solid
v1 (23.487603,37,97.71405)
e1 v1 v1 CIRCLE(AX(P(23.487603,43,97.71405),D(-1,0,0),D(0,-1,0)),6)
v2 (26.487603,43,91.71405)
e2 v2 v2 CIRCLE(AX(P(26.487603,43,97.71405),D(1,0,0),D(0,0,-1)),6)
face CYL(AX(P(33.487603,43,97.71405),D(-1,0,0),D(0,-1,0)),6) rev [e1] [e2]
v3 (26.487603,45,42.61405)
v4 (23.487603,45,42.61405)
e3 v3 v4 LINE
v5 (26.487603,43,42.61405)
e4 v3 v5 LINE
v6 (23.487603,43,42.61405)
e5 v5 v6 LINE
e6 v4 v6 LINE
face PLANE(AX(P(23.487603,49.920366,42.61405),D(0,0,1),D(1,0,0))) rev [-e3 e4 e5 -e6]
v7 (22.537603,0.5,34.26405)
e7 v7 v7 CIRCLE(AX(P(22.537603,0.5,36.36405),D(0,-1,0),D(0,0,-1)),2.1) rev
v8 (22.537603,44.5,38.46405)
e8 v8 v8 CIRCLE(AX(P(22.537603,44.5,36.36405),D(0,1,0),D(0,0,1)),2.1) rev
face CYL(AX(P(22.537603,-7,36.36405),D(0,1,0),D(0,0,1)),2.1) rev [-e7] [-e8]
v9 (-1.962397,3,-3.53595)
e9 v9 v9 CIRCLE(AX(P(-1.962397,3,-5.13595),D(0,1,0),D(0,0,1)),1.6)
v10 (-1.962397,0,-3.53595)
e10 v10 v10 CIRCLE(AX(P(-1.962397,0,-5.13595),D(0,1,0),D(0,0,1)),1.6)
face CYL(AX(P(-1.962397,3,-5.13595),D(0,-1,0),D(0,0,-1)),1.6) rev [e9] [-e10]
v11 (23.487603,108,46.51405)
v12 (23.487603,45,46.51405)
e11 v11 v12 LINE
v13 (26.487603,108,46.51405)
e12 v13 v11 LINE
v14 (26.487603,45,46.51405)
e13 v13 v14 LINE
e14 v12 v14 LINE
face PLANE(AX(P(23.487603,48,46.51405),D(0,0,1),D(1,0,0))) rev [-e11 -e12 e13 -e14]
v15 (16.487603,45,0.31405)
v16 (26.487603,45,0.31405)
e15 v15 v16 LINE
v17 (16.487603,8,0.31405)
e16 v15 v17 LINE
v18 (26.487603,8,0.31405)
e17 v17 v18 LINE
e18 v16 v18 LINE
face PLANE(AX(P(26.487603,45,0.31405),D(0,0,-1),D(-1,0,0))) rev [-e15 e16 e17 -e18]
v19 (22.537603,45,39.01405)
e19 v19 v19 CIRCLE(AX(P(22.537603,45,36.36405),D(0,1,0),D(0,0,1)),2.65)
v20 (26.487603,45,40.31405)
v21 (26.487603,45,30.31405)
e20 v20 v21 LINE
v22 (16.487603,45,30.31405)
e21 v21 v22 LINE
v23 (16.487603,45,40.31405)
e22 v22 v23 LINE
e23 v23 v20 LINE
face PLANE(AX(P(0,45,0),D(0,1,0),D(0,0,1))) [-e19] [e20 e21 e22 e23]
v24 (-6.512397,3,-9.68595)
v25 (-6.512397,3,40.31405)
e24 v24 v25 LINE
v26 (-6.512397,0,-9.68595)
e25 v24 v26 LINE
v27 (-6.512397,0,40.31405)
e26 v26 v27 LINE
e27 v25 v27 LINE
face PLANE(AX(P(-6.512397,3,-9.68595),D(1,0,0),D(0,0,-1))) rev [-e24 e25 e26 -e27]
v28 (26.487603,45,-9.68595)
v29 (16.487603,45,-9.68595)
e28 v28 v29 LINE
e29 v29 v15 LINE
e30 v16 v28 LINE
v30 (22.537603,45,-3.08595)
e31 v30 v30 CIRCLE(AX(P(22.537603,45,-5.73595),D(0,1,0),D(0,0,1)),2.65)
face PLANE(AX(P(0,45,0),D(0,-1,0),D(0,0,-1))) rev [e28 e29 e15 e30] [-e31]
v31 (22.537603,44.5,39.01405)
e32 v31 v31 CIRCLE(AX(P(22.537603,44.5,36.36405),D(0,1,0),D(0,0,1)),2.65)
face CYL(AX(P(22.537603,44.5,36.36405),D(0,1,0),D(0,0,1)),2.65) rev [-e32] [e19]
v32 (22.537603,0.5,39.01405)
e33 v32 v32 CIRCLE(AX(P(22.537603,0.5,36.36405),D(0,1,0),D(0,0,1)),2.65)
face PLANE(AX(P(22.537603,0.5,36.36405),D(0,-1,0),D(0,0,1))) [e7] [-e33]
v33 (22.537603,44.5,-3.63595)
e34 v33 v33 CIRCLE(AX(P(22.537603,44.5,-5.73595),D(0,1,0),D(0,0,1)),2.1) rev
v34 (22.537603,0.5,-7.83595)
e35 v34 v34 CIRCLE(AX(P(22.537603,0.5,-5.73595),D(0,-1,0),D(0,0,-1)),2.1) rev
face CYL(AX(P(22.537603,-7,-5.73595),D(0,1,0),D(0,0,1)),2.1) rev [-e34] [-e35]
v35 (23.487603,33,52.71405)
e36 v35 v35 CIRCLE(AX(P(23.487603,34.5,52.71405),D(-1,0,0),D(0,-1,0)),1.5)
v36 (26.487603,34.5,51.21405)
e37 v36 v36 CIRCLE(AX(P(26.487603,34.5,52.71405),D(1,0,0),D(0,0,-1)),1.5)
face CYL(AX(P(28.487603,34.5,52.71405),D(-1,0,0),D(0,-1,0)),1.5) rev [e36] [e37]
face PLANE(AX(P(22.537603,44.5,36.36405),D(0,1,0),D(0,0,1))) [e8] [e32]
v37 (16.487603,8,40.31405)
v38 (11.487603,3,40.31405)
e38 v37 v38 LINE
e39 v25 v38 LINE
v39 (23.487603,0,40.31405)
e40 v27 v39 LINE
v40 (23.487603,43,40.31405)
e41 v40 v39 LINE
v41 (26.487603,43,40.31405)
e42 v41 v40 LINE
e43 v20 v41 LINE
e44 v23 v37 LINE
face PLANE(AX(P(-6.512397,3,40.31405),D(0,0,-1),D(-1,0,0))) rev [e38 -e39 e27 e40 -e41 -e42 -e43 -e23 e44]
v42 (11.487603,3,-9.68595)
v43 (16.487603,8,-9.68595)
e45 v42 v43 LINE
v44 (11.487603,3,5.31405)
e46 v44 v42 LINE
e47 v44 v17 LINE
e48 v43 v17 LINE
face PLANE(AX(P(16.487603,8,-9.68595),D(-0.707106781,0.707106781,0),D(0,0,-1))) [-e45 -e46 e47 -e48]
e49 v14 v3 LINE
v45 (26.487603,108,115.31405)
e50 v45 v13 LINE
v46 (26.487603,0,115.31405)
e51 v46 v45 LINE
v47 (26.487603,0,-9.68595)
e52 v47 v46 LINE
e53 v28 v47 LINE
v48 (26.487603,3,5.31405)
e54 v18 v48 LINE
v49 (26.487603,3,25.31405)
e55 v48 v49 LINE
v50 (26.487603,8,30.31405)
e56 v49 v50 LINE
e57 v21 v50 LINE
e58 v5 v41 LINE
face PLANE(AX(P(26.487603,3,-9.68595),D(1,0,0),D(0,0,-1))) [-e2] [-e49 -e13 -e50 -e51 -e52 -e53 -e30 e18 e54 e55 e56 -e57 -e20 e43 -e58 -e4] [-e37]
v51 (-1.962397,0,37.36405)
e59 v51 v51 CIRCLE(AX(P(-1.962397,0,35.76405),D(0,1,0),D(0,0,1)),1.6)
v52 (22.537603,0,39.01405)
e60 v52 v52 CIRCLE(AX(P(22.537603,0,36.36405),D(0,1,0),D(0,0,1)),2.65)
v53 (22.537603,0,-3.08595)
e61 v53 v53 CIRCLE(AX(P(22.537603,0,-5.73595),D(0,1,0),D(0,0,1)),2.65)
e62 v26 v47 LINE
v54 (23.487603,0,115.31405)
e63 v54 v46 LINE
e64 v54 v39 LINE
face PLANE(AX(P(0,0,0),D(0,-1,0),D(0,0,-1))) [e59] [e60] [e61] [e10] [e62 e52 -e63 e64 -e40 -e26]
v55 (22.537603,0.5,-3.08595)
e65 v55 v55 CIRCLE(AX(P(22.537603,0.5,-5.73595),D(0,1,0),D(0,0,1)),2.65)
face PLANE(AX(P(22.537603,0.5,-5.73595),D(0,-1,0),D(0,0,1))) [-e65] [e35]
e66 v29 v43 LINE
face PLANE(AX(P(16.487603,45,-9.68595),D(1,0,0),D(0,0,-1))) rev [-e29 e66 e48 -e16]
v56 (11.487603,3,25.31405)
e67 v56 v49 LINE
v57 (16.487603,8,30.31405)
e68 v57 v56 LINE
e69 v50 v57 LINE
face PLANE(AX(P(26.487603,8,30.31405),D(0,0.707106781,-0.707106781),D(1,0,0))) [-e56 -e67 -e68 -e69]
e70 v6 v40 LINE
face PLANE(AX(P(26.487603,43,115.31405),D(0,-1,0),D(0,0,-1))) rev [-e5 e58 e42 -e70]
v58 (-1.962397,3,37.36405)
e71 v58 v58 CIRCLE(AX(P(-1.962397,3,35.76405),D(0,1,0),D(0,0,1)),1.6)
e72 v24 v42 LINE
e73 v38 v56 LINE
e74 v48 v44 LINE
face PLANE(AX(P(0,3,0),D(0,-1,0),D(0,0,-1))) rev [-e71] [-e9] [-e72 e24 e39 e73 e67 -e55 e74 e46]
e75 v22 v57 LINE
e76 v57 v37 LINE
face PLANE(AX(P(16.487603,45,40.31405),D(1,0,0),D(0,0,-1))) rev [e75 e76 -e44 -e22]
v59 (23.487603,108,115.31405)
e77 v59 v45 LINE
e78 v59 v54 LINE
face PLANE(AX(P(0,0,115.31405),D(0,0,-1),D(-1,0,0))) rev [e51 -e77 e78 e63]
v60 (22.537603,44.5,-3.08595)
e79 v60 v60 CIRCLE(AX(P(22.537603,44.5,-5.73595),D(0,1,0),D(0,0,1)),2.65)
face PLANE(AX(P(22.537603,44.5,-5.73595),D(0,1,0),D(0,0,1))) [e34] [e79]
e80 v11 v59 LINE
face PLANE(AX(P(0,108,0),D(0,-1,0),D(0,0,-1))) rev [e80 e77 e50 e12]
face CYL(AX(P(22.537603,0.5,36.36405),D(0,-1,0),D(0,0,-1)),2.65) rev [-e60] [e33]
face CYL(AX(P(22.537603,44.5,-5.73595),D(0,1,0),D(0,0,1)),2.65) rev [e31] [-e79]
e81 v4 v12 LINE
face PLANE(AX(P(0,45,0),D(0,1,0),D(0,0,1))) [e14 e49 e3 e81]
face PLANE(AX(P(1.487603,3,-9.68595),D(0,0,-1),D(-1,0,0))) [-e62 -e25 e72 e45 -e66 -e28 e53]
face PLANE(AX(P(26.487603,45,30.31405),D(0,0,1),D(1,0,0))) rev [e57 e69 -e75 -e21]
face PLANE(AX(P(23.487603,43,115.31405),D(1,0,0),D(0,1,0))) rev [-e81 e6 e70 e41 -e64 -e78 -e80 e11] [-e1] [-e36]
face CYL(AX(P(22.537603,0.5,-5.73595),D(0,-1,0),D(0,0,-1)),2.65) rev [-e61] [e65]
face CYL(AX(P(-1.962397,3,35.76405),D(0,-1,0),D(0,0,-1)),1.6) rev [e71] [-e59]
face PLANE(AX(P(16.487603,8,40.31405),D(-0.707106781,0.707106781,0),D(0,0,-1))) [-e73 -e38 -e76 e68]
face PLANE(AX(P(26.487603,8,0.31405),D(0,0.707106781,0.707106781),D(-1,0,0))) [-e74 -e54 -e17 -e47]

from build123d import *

# Parameters (mm, degrees)
SKETCH1_R           = 1.6
BOSS_EXTRUDE1_DEPTH = 3
SKETCH2_W           = 10
SKETCH2_H           = 10
BOSS_EXTRUDE2_DEPTH = 42
CHAMFER1_SIZE       = 5
SKETCH3_R           = 2.1
CUT_EXTRUDE1_DEPTH  = 52
SKETCH4_R           = 2.65
CUT_EXTRUDE2_DEPTH  = 0.5
SKETCH5_W           = 3
SKETCH5_H           = 43
BOSS_EXTRUDE3_DEPTH = 75
SKETCH6_W           = 3
SKETCH6_H           = 3.9
BOSS_EXTRUDE4_DEPTH = 2
SKETCH7_W           = 3
SKETCH7_H           = 68.8
BOSS_EXTRUDE5_DEPTH = 5
SKETCH8_R           = 1.5
CUT_EXTRUDE3_DEPTH  = 5
SKETCH9_W           = 3
SKETCH9_H           = 68.8
BOSS_EXTRUDE6_DEPTH = 15
SKETCH10_R          = 6
CUT_EXTRUDE4_DEPTH  = 10
SKETCH11_W          = 3
SKETCH11_H          = 68.8
BOSS_EXTRUDE7_DEPTH = 45


with BuildPart() as part:
    # Sketch1 → Boss-Extrude1 (new body)
    with BuildSketch(Plane(origin=(0, 0, 0), x_dir=(1, 0, 0), z_dir=(0, 1, 0))):
        Polygon((-6.512396694, 9.685950413), (1.487603306, 9.685950413), (26.487603306, 9.685950413), (26.487603306, -40.314049587), (1.487603306, -40.314049587), (-6.512396694, -40.314049587), align=None)
        with Locations(Location((-1.962396694, -35.764049587, 0), (0, 0, 270))):
            Circle(SKETCH1_R, mode=Mode.SUBTRACT)
        with Locations(Location((-1.962396694, 5.135950413, 0), (0, 0, 270))):
            Circle(SKETCH1_R, mode=Mode.SUBTRACT)
    extrude(amount=BOSS_EXTRUDE1_DEPTH)

    # Sketch2 → Boss-Extrude2 (add)
    with BuildSketch(Plane(origin=(0, 3, 0), x_dir=(1, 0, 0), z_dir=(0, 1, 0))):
        with Locations((21.487603306, -35.314049587)):
            Rectangle(SKETCH2_W, SKETCH2_H)
        with Locations((21.487603306, 4.685950413)):
            Rectangle(SKETCH2_W, SKETCH2_H)
    extrude(amount=BOSS_EXTRUDE2_DEPTH)

    # Chamfer1
    chamfer1_edges = [part.edges().sort_by_distance(p)[0] for p in [
        (21.487603306, 3, 30.314049587),
        (16.487603306, 3, 35.314049587),
        (16.487603306, 3, -4.685950413),
        (21.487603306, 3, 0.314049587),
    ]]
    chamfer(chamfer1_edges, length=CHAMFER1_SIZE)

    # Sketch3 → Cut-Extrude1 (cut)
    with BuildSketch(Plane(origin=(0, 45, 0), x_dir=(1, 0, 0), z_dir=(0, 1, 0))):
        with Locations(Location((22.537603306, -36.364049587, 0), (0, 0, 270))):
            Circle(SKETCH3_R)
        with Locations(Location((22.537603306, 5.735950413, 0), (0, 0, 270))):
            Circle(SKETCH3_R)
    extrude(amount=-CUT_EXTRUDE1_DEPTH, mode=Mode.SUBTRACT)

    # Sketch4 → Cut-Extrude2 (cut)
    with BuildSketch(Plane(origin=(0, 45, 0), x_dir=(1, 0, 0), z_dir=(0, 1, 0))):
        with Locations(Location((22.537603306, -36.364049587, 0), (0, 0, 270))):
            Circle(SKETCH4_R)
        with Locations(Location((22.537603306, 5.735950413, 0), (0, 0, 270))):
            Circle(SKETCH4_R)
    cut_extrude2 = extrude(amount=-CUT_EXTRUDE2_DEPTH, mode=Mode.SUBTRACT)

    # Mirror1: Cut-Extrude2 across plane
    add(cut_extrude2.mirror(Plane(origin=(0, 22.5, 0), x_dir=(0, 0, 1), z_dir=(0, -1, 0))), mode=Mode.SUBTRACT)

    # Sketch5 → Boss-Extrude3 (add)
    with BuildSketch(Plane.XY.offset(40.314049587)):
        with Locations((24.987603306, 21.5)):
            Rectangle(SKETCH5_W, SKETCH5_H)
    extrude(amount=BOSS_EXTRUDE3_DEPTH)

    # Sketch6 → Boss-Extrude4 (add)
    with BuildSketch(Plane(origin=(0, 43, 0), x_dir=(1, 0, 0), z_dir=(0, 1, 0))):
        with Locations((24.987603306, -44.564049587)):
            Rectangle(SKETCH6_W, SKETCH6_H)
    extrude(amount=BOSS_EXTRUDE4_DEPTH)

    # Sketch7 → Boss-Extrude5 (add)
    with BuildSketch(Plane(origin=(0, 43, 0), x_dir=(1, 0, 0), z_dir=(0, 1, 0))):
        with Locations((24.987603306, -80.914049587)):
            Rectangle(SKETCH7_W, SKETCH7_H)
    extrude(amount=BOSS_EXTRUDE5_DEPTH)

    # Sketch8 → Cut-Extrude3 (cut)
    with BuildSketch(Plane.ZY.offset(-23.487603306)):
        with Locations(Location((52.714049587, 34.5, 0), (0, 0, 270))):
            Circle(SKETCH8_R)
    extrude(amount=-CUT_EXTRUDE3_DEPTH, mode=Mode.SUBTRACT)

    # Sketch9 → Boss-Extrude6 (add)
    with BuildSketch(Plane(origin=(0, 48, 0), x_dir=(1, 0, 0), z_dir=(0, 1, 0))):
        with Locations((24.987603306, -80.914049587)):
            Rectangle(SKETCH9_W, SKETCH9_H)
    extrude(amount=BOSS_EXTRUDE6_DEPTH)

    # Sketch10 → Cut-Extrude4 (cut)
    with BuildSketch(Plane.ZY.offset(-23.487603306)):
        with Locations(Location((97.714049587, 43, 0), (0, 0, 270))):
            Circle(SKETCH10_R)
    extrude(amount=-CUT_EXTRUDE4_DEPTH, mode=Mode.SUBTRACT)

    # Sketch11 → Boss-Extrude7 (add)
    with BuildSketch(Plane(origin=(0, 63, 0), x_dir=(1, 0, 0), z_dir=(0, 1, 0))):
        with Locations((24.987603306, -80.914049587)):
            Rectangle(SKETCH11_W, SKETCH11_H)
    extrude(amount=BOSS_EXTRUDE7_DEPTH)


solid = part.part
